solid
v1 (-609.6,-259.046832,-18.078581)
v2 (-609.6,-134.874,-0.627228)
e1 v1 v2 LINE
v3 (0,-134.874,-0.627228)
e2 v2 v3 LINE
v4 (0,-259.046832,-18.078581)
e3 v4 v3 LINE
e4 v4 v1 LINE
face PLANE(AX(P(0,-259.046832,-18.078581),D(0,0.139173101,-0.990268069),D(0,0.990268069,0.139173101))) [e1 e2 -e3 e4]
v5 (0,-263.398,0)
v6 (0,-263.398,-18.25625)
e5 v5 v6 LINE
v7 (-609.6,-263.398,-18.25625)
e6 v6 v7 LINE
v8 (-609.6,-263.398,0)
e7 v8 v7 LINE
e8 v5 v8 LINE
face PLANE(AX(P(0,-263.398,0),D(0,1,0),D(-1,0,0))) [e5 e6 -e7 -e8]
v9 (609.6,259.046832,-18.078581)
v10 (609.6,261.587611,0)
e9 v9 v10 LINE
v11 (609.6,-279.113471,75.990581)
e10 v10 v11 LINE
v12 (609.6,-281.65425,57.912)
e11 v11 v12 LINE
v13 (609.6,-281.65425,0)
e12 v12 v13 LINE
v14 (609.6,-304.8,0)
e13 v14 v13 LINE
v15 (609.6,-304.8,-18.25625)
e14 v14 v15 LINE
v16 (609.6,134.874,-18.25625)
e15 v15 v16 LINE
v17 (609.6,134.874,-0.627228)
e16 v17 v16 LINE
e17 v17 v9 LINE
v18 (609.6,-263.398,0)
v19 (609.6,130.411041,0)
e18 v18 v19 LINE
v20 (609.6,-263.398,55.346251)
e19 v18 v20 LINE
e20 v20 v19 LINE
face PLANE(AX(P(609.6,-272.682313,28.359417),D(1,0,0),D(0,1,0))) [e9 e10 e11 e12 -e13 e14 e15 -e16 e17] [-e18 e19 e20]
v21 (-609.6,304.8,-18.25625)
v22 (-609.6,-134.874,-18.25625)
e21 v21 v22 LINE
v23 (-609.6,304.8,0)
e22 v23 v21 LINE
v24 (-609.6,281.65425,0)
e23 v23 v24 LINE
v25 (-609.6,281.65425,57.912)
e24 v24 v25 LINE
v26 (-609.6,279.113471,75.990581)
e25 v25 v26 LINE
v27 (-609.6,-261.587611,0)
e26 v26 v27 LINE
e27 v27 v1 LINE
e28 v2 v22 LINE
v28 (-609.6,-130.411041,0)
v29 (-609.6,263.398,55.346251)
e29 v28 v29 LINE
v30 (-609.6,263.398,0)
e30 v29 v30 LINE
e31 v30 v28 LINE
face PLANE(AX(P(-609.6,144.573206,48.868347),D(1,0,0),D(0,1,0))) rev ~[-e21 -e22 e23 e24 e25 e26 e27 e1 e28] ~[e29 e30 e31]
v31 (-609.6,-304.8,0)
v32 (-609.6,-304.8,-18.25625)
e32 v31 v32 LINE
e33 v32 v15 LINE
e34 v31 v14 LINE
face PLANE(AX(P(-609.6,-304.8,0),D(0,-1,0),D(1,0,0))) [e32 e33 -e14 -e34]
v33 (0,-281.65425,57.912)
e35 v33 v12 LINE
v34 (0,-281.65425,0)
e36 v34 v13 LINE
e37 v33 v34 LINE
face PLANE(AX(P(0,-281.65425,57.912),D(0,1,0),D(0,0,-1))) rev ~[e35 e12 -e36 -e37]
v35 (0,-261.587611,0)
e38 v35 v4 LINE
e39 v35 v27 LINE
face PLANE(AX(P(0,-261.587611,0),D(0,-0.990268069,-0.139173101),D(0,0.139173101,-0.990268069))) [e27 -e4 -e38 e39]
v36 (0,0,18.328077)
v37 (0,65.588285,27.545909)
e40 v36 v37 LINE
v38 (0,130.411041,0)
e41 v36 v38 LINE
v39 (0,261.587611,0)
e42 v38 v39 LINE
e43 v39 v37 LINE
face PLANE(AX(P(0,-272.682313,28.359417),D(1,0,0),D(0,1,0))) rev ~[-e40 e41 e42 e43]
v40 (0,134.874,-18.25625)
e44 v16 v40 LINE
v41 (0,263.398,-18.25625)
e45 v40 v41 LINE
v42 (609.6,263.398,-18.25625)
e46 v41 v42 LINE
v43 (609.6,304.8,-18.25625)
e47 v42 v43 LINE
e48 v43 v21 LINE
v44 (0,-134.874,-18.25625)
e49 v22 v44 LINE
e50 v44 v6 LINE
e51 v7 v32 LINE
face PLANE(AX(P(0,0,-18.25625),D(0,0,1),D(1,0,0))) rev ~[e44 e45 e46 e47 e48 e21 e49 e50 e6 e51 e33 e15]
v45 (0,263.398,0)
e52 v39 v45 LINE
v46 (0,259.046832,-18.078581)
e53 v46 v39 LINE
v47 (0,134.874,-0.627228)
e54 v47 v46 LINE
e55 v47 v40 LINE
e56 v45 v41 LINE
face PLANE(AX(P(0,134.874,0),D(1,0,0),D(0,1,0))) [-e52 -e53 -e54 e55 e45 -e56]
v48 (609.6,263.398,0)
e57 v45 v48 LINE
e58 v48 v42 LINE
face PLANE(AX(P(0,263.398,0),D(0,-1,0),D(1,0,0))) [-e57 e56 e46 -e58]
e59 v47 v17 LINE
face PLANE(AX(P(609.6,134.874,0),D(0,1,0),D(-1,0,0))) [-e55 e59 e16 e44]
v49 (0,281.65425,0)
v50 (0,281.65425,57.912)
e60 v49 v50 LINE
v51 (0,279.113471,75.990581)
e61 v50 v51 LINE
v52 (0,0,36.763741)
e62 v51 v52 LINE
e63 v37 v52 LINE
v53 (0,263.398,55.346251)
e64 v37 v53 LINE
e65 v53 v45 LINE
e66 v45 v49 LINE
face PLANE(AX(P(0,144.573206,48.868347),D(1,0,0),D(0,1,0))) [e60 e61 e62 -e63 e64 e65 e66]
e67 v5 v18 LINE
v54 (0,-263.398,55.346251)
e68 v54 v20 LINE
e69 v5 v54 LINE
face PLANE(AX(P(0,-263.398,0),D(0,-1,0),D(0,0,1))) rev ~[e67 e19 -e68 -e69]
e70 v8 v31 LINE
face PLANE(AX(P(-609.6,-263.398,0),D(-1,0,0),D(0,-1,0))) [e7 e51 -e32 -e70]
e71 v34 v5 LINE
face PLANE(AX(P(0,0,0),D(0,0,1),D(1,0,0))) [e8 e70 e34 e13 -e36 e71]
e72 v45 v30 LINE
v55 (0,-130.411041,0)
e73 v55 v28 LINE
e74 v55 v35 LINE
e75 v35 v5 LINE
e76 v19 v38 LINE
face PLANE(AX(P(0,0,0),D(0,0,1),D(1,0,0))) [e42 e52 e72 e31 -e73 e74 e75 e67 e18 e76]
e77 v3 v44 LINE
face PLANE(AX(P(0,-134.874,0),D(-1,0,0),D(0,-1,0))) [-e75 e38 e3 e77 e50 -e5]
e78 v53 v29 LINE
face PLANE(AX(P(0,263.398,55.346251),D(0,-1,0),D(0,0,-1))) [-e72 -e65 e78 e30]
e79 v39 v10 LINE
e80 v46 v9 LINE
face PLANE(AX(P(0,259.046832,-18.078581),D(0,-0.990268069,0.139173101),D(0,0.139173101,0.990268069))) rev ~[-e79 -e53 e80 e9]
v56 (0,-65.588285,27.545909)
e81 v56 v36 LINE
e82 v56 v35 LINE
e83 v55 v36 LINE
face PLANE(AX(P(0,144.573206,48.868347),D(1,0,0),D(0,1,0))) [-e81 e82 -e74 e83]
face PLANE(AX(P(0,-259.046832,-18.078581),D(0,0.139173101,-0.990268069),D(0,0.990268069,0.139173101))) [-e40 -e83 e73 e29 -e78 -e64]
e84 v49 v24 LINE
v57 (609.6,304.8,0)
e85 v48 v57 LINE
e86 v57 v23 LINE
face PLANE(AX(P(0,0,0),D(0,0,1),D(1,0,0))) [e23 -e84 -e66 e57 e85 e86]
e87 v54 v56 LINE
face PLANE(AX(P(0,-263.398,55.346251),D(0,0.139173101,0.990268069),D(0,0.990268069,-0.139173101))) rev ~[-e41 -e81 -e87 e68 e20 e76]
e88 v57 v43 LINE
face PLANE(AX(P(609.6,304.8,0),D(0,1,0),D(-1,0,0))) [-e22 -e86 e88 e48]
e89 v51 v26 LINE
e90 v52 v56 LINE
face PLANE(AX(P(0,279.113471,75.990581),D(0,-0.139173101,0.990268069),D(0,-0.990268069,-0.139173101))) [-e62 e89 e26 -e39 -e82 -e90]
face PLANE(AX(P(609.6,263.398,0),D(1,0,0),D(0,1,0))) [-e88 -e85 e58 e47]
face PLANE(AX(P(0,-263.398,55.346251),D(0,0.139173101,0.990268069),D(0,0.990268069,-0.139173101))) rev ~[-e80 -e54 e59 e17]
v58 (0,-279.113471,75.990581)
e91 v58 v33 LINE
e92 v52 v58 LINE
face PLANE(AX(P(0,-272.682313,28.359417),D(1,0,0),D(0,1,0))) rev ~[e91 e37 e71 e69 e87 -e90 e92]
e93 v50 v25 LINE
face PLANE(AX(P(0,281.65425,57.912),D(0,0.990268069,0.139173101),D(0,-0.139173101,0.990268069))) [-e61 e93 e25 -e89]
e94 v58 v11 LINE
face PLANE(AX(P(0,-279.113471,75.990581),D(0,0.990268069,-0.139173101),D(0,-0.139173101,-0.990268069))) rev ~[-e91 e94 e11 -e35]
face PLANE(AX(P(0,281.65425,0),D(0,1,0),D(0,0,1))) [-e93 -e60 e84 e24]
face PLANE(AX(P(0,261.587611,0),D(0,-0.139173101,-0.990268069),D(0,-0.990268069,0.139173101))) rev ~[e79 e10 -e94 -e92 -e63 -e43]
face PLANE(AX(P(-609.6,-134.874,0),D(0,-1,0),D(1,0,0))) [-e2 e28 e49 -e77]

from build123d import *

# Parameters (mm, degrees)
F1_DEPTH = 18.25625
F3_DEPTH = 609.6
F4_DEPTH = 609.6


with BuildPart() as f1:
    # F0 (on Top) → F1 (new body)
    with BuildSketch(Plane.XY):
        Polygon((609.6, 263.398), (609.6, 304.8), (-609.6, 304.8), (-609.6, -134.874), (0, -134.874), (0, -263.398), (-609.6, -263.398), (-609.6, -304.8), (609.6, -304.8), (609.6, 134.874), (0, 134.874), (0, 263.398), align=None)
    extrude(amount=-F1_DEPTH)

    # F2 (on Right) → F3 (join, through all)
    with BuildSketch(Plane.YZ):
        Polygon((65.5882849274, 27.5459089179), (263.398, 55.3462513865), (281.65425, 57.912), (279.1134710756, 75.99058143), (0, 36.7637412283), align=None)
        Polygon((263.398, 55.3462513865), (263.398, 0), (281.65425, 0), (281.65425, 57.912), align=None)
        Polygon((0, 18.3280766075), (65.5882849274, 27.5459089179), (0, 36.7637412283), (-65.5882849274, 27.5459089179), align=None)
        Polygon((-259.0468322931, -18.07858143), (0, 18.3280766075), (-65.5882849274, 27.5459089179), (-261.5876112175, 0), align=None)
    extrude(amount=-F3_DEPTH)

    # F2 (on Right) → F4 (join, through all)
    with BuildSketch(Plane.YZ):
        Polygon((-263.398, 0), (-263.398, 55.3462513865), (-281.65425, 57.912), (-281.65425, 0), align=None)
        Polygon((-65.5882849274, 27.5459089179), (0, 36.7637412283), (-279.1134710756, 75.99058143), (-281.65425, 57.912), (-263.398, 55.3462513865), align=None)
        Polygon((0, 18.3280766075), (65.5882849274, 27.5459089179), (0, 36.7637412283), (-65.5882849274, 27.5459089179), align=None)
        Polygon((261.5876112175, 0), (65.5882849274, 27.5459089179), (0, 18.3280766075), (259.0468322931, -18.07858143), align=None)
    extrude(amount=F4_DEPTH)


solid = f1.part
